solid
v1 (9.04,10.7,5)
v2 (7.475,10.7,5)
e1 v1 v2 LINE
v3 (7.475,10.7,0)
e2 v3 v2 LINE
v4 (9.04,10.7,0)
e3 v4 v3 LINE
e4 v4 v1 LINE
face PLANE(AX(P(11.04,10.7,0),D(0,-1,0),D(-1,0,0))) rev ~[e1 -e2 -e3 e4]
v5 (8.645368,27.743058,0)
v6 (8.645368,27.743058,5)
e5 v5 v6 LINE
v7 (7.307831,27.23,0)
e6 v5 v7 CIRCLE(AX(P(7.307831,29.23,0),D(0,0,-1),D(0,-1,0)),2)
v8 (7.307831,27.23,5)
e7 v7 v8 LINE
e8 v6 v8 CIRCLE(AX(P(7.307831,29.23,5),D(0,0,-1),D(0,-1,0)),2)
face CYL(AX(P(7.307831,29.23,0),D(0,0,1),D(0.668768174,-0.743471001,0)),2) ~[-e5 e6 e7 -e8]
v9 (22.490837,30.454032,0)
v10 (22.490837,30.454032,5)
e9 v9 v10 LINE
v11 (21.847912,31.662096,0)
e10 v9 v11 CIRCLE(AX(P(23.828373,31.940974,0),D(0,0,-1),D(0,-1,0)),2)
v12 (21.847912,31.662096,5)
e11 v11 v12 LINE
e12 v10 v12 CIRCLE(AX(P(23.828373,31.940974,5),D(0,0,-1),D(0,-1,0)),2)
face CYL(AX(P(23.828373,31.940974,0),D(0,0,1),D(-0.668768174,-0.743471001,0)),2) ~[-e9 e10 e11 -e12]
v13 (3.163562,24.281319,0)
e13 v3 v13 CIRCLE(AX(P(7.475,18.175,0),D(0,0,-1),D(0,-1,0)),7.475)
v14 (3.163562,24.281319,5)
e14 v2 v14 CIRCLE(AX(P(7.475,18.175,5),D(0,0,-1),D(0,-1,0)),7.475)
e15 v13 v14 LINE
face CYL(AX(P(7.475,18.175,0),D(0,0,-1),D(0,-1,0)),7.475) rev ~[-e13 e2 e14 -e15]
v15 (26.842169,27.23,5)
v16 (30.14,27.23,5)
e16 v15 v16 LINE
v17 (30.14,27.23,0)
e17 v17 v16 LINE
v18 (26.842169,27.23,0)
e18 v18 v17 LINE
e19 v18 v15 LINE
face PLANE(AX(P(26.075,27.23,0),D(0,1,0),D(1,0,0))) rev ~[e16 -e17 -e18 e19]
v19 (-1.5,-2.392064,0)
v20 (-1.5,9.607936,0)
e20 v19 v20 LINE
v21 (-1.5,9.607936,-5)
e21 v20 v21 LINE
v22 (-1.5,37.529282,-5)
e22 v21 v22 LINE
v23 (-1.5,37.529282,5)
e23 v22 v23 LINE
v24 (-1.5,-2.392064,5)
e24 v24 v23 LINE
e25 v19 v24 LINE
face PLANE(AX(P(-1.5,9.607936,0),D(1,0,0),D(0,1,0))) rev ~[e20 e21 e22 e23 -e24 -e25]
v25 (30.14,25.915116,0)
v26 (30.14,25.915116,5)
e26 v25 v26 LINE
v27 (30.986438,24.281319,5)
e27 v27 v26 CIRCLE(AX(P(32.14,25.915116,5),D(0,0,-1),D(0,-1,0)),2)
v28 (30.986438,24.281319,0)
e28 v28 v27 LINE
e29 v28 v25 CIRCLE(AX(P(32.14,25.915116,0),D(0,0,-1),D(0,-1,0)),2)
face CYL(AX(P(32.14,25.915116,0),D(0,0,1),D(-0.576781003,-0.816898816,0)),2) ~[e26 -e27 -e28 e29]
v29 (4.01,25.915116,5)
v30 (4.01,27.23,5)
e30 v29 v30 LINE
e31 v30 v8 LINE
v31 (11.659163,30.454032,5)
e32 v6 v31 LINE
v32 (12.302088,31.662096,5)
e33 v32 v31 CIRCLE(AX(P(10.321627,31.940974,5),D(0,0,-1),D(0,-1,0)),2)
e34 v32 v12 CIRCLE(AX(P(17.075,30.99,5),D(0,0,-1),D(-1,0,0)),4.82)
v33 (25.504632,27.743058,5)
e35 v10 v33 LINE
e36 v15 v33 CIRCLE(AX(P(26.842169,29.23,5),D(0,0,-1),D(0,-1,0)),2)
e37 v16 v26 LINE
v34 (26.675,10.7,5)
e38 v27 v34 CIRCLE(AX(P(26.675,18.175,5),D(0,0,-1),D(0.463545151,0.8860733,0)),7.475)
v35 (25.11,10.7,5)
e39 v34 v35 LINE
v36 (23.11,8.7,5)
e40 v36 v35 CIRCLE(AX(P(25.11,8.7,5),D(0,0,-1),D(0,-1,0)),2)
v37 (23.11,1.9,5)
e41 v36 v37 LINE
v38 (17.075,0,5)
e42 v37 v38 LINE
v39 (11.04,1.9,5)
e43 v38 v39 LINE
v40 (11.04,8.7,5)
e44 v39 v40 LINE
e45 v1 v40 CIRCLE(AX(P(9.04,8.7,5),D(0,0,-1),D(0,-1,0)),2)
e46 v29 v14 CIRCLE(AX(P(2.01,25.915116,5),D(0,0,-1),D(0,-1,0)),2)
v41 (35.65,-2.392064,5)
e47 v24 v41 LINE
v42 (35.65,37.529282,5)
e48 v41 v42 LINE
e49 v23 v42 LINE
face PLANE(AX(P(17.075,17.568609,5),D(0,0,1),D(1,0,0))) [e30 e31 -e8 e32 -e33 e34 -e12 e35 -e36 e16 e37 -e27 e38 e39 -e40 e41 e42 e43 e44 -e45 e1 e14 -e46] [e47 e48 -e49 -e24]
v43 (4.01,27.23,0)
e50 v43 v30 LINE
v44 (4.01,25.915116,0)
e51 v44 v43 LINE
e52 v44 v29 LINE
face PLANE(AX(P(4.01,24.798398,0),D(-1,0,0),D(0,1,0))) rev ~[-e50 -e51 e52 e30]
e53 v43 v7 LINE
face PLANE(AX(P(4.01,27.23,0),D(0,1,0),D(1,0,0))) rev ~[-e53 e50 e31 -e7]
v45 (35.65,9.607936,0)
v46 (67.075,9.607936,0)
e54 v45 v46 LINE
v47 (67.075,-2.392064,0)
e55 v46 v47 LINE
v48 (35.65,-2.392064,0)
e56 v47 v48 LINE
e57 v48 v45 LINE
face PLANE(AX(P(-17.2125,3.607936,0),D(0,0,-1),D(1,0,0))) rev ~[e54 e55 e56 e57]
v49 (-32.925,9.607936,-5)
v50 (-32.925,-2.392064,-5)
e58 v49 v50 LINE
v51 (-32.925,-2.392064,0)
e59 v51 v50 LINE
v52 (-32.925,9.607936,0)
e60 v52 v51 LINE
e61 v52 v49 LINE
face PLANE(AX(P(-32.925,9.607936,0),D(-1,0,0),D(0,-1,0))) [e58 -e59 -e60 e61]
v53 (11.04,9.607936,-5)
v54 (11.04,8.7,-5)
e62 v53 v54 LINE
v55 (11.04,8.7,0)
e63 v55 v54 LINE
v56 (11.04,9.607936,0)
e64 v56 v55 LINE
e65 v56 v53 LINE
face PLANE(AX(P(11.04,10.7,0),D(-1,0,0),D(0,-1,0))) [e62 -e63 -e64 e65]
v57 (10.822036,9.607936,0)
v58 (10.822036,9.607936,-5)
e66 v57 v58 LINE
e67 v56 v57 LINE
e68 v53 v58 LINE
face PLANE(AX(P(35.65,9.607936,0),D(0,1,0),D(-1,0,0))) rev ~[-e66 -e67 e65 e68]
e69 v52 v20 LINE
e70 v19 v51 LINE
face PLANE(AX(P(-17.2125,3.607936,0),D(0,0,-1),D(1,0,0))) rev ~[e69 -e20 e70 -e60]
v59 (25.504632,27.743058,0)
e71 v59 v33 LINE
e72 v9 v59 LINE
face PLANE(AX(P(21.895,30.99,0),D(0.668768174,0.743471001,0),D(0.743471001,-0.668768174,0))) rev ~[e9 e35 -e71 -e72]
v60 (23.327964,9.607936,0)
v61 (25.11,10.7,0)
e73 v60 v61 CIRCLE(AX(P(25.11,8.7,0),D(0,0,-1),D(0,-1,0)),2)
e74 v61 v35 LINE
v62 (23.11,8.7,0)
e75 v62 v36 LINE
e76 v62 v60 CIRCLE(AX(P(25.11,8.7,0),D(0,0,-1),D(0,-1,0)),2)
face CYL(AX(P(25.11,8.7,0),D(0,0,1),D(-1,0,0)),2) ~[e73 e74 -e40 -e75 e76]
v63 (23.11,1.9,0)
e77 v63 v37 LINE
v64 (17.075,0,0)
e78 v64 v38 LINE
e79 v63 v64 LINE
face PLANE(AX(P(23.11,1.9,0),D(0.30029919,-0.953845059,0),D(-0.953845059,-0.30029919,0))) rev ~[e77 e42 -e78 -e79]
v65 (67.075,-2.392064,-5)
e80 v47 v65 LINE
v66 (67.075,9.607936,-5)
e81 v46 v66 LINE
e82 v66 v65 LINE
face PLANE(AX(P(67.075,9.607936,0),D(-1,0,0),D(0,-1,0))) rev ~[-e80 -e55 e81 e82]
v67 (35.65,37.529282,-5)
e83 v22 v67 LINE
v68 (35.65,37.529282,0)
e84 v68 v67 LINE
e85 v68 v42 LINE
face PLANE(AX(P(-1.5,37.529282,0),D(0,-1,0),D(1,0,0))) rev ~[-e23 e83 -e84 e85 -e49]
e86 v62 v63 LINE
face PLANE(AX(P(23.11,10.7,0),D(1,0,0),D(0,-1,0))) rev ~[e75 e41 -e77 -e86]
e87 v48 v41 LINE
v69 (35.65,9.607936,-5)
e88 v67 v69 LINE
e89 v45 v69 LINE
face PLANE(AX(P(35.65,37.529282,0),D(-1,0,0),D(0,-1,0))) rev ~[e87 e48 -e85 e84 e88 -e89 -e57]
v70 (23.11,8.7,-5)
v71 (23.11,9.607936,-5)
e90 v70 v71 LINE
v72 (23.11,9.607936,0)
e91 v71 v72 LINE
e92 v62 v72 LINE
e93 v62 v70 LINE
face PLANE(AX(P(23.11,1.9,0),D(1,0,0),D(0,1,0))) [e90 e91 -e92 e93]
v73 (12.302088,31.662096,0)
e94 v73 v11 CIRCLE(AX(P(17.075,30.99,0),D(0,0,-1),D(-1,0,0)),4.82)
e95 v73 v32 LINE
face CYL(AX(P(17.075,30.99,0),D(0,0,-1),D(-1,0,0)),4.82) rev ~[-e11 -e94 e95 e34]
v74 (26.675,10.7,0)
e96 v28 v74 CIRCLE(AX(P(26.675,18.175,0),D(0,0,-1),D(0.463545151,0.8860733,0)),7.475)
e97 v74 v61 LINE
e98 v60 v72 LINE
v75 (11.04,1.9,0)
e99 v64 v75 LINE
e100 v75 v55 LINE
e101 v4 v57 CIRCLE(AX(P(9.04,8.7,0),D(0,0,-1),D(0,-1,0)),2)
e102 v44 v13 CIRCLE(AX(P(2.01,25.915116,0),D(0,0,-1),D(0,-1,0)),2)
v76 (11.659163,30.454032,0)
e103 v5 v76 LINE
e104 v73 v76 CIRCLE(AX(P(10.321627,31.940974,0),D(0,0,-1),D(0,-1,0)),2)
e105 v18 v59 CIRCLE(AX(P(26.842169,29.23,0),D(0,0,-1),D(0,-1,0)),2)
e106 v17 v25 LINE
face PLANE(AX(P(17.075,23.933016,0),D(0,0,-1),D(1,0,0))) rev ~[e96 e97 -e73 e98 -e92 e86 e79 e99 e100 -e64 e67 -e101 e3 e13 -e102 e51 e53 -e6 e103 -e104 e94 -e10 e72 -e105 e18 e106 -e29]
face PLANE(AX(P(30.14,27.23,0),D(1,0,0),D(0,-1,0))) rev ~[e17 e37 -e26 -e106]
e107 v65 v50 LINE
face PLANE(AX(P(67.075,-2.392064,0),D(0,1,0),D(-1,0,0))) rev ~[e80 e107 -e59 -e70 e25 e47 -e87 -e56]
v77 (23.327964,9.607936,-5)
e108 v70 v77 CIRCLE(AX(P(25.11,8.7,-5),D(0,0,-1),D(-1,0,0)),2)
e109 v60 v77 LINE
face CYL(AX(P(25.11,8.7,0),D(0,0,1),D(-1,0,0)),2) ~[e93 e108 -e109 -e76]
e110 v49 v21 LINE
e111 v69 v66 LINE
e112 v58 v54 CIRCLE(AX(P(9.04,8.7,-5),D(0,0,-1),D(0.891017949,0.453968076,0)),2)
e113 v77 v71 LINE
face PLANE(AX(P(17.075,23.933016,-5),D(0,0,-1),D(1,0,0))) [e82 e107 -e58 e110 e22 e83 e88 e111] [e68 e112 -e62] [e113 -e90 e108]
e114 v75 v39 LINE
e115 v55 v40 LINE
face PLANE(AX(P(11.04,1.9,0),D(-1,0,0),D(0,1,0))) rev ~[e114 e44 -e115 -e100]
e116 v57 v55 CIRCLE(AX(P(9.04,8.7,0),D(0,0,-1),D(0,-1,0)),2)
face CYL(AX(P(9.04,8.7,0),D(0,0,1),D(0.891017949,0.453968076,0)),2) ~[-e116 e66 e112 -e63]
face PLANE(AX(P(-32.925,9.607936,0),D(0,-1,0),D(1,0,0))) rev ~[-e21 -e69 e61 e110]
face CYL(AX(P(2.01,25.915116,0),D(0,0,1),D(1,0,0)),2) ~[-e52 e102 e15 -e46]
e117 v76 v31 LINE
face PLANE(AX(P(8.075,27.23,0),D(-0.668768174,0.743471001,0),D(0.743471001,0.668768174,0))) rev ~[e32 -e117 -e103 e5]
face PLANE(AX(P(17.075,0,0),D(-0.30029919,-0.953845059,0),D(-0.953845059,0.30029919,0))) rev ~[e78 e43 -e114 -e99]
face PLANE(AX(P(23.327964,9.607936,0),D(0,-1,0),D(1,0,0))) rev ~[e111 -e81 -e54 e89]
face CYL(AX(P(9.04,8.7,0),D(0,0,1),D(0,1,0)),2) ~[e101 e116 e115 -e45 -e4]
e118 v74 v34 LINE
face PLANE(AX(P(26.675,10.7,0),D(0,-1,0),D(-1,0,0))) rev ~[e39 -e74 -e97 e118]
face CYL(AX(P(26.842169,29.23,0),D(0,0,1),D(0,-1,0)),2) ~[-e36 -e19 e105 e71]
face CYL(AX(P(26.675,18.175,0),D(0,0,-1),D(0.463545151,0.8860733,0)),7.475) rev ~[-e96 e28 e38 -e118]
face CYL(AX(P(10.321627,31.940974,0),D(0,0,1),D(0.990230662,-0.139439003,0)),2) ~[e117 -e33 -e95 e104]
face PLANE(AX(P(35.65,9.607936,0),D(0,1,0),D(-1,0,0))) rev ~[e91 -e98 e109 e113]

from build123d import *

# Parameters (mm, degrees)
F1_W     = 37.15
F1_H     = 39.9213461205
F2_DEPTH = 5
F3_R     = 2
F4_W     = 31.425
F4_H     = 12
F5_DEPTH = 5
F7_DEPTH = 5


with BuildPart() as f2:
    # F1 (on Top) → F2 (new body)
    with BuildSketch(Plane.XY):
        with Locations((17.075, 17.5686092116)):
            Rectangle(F1_W, F1_H)
        with BuildLine():
            ThreePointArc((7.475, 10.7), (0.2160219573, 16.3909420481), (4.01, 24.7983979195))
            Line((4.01, 24.7983979195), (4.01, 27.23))
            Line((4.01, 27.23), (8.075, 27.23))
            Line((8.075, 27.23), (12.255, 30.99))
            ThreePointArc((12.255, 30.99), (17.075, 35.81), (21.895, 30.99))
            Line((21.895, 30.99), (26.075, 27.23))
            Line((26.075, 27.23), (30.14, 27.23))
            Line((30.14, 27.23), (30.14, 24.7983979195))
            ThreePointArc((30.14, 24.7983979195), (33.9339780427, 16.3909420481), (26.675, 10.7))
            Line((26.675, 10.7), (23.11, 10.7))
            Line((23.11, 10.7), (23.11, 1.9))
            Line((23.11, 1.9), (17.075, 0))
            Line((17.075, 0), (11.04, 1.9))
            Line((11.04, 1.9), (11.04, 10.7))
            Line((11.04, 10.7), (7.475, 10.7))
        make_face(mode=Mode.SUBTRACT)
    extrude(amount=F2_DEPTH)

    # F3
    f3_edges = [f2.edges().sort_by_distance(p)[0] for p in [
        (8.075, 27.23, 2.5),
        (12.255, 30.99, 2.5),
        (21.895, 30.99, 2.5),
        (26.075, 27.23, 2.5),
        (30.14, 24.798398, 2.5),
        (4.01, 24.798398, 2.5),
        (11.04, 10.7, 2.5),
        (23.11, 10.7, 2.5),
    ]]
    fillet(f3_edges, radius=F3_R)

    # F4 (on face) + F0 (on Top) → F5 (join)
    with BuildSketch(Plane(origin=(0, 0, 0), x_dir=(1, 0, 0), z_dir=(0, 0, -1))):
        with Locations((-17.2125, -3.6079361513)):
            Rectangle(F4_W, F4_H)
        with Locations((51.3625, -3.6079361513)):
            Rectangle(F4_W, F4_H)
        with BuildLine():
            Line((23.3279641011, -9.6079361513), (35.65, -9.6079361513))
            Line((35.65, -9.6079361513), (35.65, 2.3920638487))
            Line((35.65, 2.3920638487), (-1.5, 2.3920638487))
            Line((-1.5, 2.3920638487), (-1.5, -9.6079361513))
            Line((-1.5, -9.6079361513), (10.8220358989, -9.6079361513))
            ThreePointArc((10.8220358989, -9.6079361513), (10.9847457158, -9.1668662561), (11.04, -8.7))
            Line((11.04, -8.7), (11.04, -1.9))
            Line((11.04, -1.9), (17.075, 0))
            Line((17.075, 0), (23.11, -1.9))
            Line((23.11, -1.9), (23.11, -8.7))
            ThreePointArc((23.11, -8.7), (23.1652542842, -9.1668662561), (23.3279641011, -9.6079361513))
        make_face()
    with BuildSketch(Plane.XY):
        Polygon((11.04, 1.9), (17.075, 0), (17.075, 10.7), (11.04, 10.7), align=None)
        Polygon((17.075, 10.7), (17.075, 0), (23.11, 1.9), (23.11, 10.7), align=None)
    extrude(amount=F5_DEPTH, dir=(0, 0, -1))

    # F6 (on face) → F7 (join)
    with BuildSketch(Plane(origin=(0, 0, 0), x_dir=(1, 0, 0), z_dir=(0, 0, -1))):
        with BuildLine():
            Line((-1.5, -37.5292822719), (35.65, -37.5292822719))
            Line((35.65, -37.5292822719), (35.65, -9.6079361513))
            Line((35.65, -9.6079361513), (23.3279641011, -9.6079361513))
            ThreePointArc((23.3279641011, -9.6079361513), (24.0649814123, -10.4052671789), (25.11, -10.7))
            Line((25.11, -10.7), (26.675, -10.7))
            ThreePointArc((26.675, -10.7), (33.7996177752, -15.9132647022), (30.9864379947, -24.2813186469))
            ThreePointArc((30.9864379947, -24.2813186469), (30.3641728673, -24.9950956291), (30.14, -25.9151162782))
            Line((30.14, -25.9151162782), (30.14, -27.23))
            Line((30.14, -27.23), (26.8421686802, -27.23))
            ThreePointArc((26.8421686802, -27.23), (26.125888011, -27.3626644643), (25.504632333, -27.7430579971))
            Line((25.504632333, -27.7430579971), (22.4908367694, -30.4540319969))
            ThreePointArc((22.4908367694, -30.4540319969), (22.0628330313, -31.0013633318), (21.8479117921, -31.662095994))
            ThreePointArc((21.8479117921, -31.662095994), (17.075, -35.81), (12.3020882079, -31.662095994))
            ThreePointArc((12.3020882079, -31.662095994), (12.0871669687, -31.0013633318), (11.6591632306, -30.4540319969))
            Line((11.6591632306, -30.4540319969), (8.645367667, -27.7430579971))
            ThreePointArc((8.645367667, -27.7430579971), (8.024111989, -27.3626644643), (7.3078313198, -27.23))
            Line((7.3078313198, -27.23), (4.01, -27.23))
            Line((4.01, -27.23), (4.01, -25.9151162782))
            ThreePointArc((4.01, -25.9151162782), (3.7858271327, -24.9950956291), (3.1635620053, -24.2813186469))
            ThreePointArc((3.1635620053, -24.2813186469), (0.3503822248, -15.9132647022), (7.475, -10.7))
            Line((7.475, -10.7), (9.04, -10.7))
            ThreePointArc((9.04, -10.7), (10.0850185877, -10.4052671789), (10.8220358989, -9.6079361513))
            Line((10.8220358989, -9.6079361513), (-1.5, -9.6079361513))
            Line((-1.5, -9.6079361513), (-1.5, -37.5292822719))
        make_face()
        with BuildLine():
            ThreePointArc((25.11, -10.7), (24.0649814123, -10.4052671789), (23.3279641011, -9.6079361513))
            Line((23.3279641011, -9.6079361513), (10.8220358989, -9.6079361513))
            ThreePointArc((10.8220358989, -9.6079361513), (10.0850185877, -10.4052671789), (9.04, -10.7))
            Line((9.04, -10.7), (7.475, -10.7))
            ThreePointArc((7.475, -10.7), (0.3503822248, -15.9132647022), (3.1635620053, -24.2813186469))
            ThreePointArc((3.1635620053, -24.2813186469), (3.7858271327, -24.9950956291), (4.01, -25.9151162782))
            Line((4.01, -25.9151162782), (4.01, -27.23))
            Line((4.01, -27.23), (7.3078313198, -27.23))
            ThreePointArc((7.3078313198, -27.23), (8.024111989, -27.3626644643), (8.645367667, -27.7430579971))
            Line((8.645367667, -27.7430579971), (11.6591632306, -30.4540319969))
            ThreePointArc((11.6591632306, -30.4540319969), (12.0871669687, -31.0013633318), (12.3020882079, -31.662095994))
            ThreePointArc((12.3020882079, -31.662095994), (17.075, -35.81), (21.8479117921, -31.662095994))
            ThreePointArc((21.8479117921, -31.662095994), (22.0628330313, -31.0013633318), (22.4908367694, -30.4540319969))
            Line((22.4908367694, -30.4540319969), (25.504632333, -27.7430579971))
            ThreePointArc((25.504632333, -27.7430579971), (26.125888011, -27.3626644643), (26.8421686802, -27.23))
            Line((26.8421686802, -27.23), (30.14, -27.23))
            Line((30.14, -27.23), (30.14, -25.9151162782))
            ThreePointArc((30.14, -25.9151162782), (30.3641728673, -24.9950956291), (30.9864379947, -24.2813186469))
            ThreePointArc((30.9864379947, -24.2813186469), (33.7996177752, -15.9132647022), (26.675, -10.7))
            Line((26.675, -10.7), (25.11, -10.7))
        make_face()
    extrude(amount=F7_DEPTH)


solid = f2.part
